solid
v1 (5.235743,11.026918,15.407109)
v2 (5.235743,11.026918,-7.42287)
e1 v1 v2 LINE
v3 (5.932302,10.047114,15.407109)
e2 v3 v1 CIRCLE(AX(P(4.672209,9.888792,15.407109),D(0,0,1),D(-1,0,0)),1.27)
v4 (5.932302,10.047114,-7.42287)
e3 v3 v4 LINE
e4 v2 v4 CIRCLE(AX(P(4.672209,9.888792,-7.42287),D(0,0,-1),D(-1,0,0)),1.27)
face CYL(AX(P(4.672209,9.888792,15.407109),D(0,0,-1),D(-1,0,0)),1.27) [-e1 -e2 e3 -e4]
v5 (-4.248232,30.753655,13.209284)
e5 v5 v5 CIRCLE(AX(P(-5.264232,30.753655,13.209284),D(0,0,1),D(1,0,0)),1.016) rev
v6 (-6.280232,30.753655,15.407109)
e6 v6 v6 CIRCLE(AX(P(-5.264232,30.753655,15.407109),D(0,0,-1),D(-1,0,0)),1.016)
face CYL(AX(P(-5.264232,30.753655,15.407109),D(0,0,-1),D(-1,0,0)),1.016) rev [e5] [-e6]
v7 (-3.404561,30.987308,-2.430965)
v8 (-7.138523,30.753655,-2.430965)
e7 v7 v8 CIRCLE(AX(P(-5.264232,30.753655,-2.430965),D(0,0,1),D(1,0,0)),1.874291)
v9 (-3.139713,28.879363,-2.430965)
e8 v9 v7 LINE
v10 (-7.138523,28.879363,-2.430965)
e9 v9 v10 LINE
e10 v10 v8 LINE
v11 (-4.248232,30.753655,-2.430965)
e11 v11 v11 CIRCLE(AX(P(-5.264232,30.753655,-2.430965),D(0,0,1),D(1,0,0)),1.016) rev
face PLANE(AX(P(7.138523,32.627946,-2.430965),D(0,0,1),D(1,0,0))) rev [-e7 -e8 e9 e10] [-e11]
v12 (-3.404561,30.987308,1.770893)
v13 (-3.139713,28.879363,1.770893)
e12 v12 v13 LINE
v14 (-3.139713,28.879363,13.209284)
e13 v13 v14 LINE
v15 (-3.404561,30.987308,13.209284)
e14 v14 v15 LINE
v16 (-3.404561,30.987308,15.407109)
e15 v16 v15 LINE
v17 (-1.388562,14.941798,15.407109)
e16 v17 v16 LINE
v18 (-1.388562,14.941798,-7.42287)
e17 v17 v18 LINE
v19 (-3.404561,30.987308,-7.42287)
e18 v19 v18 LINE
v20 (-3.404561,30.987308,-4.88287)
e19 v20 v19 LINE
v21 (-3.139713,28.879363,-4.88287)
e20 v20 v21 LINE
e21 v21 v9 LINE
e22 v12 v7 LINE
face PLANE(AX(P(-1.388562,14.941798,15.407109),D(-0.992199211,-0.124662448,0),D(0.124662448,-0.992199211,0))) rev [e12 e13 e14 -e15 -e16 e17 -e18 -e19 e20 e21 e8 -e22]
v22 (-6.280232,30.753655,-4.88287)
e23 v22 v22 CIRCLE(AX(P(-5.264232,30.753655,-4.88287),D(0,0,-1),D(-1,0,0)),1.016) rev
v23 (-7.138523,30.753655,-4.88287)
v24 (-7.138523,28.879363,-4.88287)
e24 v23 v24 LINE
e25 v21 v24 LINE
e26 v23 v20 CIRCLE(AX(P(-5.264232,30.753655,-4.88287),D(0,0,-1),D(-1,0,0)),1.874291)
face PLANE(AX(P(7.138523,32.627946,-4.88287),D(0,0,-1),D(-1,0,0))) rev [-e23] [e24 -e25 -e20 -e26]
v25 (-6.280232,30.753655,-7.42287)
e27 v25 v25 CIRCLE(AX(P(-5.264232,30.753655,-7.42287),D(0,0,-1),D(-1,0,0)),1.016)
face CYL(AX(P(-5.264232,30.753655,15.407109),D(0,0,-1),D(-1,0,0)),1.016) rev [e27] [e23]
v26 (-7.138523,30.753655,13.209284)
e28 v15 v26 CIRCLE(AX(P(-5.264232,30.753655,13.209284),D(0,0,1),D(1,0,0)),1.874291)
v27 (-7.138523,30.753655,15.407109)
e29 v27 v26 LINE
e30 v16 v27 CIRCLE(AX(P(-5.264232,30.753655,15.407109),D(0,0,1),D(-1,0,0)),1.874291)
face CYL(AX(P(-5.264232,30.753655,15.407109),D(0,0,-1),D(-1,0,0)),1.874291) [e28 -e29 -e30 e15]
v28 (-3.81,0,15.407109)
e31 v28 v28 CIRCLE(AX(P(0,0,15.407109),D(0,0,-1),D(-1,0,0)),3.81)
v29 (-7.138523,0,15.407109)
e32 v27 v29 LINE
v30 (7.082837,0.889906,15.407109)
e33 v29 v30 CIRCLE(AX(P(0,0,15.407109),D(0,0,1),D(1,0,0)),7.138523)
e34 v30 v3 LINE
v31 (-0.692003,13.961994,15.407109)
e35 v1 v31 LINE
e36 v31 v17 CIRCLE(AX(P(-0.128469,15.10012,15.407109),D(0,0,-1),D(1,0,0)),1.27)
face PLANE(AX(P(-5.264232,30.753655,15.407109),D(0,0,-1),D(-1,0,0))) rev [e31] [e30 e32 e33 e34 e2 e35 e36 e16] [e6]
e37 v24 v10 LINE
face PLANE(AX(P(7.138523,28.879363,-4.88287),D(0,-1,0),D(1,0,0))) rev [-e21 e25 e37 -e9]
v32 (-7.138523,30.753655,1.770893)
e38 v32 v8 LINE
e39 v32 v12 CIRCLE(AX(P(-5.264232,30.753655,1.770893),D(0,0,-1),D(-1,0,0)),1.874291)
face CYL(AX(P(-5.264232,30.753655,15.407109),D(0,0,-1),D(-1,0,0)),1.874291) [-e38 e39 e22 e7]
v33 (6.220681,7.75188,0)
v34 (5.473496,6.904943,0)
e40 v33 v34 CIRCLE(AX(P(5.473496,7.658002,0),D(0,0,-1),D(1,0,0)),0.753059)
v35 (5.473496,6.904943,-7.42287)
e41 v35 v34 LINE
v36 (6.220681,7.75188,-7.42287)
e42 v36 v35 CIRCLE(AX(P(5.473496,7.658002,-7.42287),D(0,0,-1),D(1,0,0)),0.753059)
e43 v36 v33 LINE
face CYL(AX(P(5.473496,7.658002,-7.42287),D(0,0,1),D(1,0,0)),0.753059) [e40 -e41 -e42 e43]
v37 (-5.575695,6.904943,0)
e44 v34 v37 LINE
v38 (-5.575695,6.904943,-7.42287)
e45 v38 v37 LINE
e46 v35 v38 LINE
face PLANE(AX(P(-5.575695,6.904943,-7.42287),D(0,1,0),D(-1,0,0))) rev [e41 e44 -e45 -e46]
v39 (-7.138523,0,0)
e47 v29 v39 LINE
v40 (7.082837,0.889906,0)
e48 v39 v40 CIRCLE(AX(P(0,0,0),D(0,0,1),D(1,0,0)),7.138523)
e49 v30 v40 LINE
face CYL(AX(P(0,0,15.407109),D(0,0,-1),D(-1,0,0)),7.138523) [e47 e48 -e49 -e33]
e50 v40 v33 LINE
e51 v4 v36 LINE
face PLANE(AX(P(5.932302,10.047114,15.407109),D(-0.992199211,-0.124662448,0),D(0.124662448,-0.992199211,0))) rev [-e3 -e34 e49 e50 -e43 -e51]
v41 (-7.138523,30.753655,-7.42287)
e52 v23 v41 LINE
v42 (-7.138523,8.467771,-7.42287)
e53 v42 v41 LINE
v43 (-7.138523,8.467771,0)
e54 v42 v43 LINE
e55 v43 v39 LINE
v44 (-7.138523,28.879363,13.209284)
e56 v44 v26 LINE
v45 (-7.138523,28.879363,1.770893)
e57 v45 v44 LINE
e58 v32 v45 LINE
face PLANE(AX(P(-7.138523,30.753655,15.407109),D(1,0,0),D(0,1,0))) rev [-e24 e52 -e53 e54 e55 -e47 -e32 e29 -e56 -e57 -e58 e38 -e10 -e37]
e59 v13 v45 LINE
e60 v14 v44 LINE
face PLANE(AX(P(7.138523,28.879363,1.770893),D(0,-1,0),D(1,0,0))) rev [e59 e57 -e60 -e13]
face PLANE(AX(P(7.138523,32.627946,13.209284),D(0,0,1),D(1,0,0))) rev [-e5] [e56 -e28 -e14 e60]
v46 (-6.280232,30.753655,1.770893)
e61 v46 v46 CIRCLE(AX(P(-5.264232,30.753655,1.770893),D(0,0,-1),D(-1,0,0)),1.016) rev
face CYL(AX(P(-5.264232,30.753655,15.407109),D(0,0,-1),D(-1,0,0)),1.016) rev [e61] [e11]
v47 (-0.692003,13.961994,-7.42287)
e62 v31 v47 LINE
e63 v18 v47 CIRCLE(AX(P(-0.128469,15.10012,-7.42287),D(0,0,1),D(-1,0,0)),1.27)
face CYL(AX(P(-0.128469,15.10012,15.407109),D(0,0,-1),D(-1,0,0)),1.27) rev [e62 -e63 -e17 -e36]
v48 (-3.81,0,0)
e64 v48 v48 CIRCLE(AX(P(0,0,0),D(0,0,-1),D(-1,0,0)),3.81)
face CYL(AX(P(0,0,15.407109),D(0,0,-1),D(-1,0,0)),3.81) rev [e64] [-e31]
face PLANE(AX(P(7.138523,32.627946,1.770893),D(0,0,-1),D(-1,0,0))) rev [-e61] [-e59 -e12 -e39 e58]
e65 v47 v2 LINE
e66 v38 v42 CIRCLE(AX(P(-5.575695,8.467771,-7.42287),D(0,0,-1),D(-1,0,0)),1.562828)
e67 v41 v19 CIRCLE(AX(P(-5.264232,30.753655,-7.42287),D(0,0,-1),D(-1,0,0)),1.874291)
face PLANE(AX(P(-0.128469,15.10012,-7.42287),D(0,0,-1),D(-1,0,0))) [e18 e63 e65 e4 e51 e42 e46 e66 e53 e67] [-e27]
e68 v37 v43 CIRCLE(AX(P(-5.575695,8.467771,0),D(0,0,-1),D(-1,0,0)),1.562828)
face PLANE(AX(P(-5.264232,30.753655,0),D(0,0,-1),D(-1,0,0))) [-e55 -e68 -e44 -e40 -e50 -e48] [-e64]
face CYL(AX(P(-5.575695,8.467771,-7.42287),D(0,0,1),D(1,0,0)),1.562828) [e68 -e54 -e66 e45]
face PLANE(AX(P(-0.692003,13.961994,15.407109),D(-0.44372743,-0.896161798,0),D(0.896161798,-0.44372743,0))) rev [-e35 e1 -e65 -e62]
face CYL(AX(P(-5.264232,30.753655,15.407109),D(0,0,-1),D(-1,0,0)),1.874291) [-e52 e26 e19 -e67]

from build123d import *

# Parameters (mm, degrees)
EXTRUDE1_DEPTH = 15.407108717
EXTRUDE2_START = 7.422870335
EXTRUDE2_DEPTH = 7.422870335
SKETCH3_R      = 3.81
EXTRUDE3_DEPTH = 37.782065936
SKETCH4_R      = 1.016
EXTRUDE4_DEPTH = 41.456758632
SKETCH6_W      = 2.451904957
SKETCH6_H      = 3.748582847
SKETCH6_W_2    = 11.438391631
EXTRUDE6_DEPTH = 39.80458612


with BuildPart() as part:
    # Sketch1 → Extrude1 (new body)
    with BuildSketch(Plane.XY):
        with BuildLine():
            Line((-7.138522943, 30.753654662), (-7.138522943, 0))
            ThreePointArc((-7.138522943, 0), (0.445823167, -7.124587813), (7.08283683, 0.889905749))
            Line((7.08283683, 0.889905749), (5.932301807, 10.047113518))
            ThreePointArc((5.932301807, 10.047113518), (5.707297096, 10.62465377), (5.235742646, 11.026917691))
            Line((5.235742646, 11.026917691), (-0.692002916, 13.961994048))
            ThreePointArc((-0.692002916, 13.961994048), (-1.163557366, 14.364257969), (-1.388562077, 14.941798222))
            Line((-1.388562077, 14.941798222), (-3.404561048, 30.987308419))
            ThreePointArc((-3.404561048, 30.987308419), (-5.381286902, 32.624287275), (-7.138522943, 30.753654662))
        make_face()
    extrude(amount=EXTRUDE1_DEPTH)

    # Sketch2 → Extrude2 (add)
    with BuildSketch(Plane(origin=(0, 0, 0), x_dir=(-1, 0, 0), z_dir=(0, 0, -1)).offset(EXTRUDE2_START)):
        with BuildLine():
            Line((1.388562077, 14.941798222), (3.404561048, 30.987308419))
            ThreePointArc((3.404561048, 30.987308419), (5.381286902, 32.624287275), (7.138522943, 30.753654662))
            Line((7.138522943, 30.753654662), (7.138522943, 8.467771223))
            ThreePointArc((7.138522943, 8.467771223), (6.680781174, 7.362684837), (5.575694788, 6.904943069))
            Line((5.575694788, 6.904943069), (-5.473496233, 6.904943069))
            ThreePointArc((-5.473496233, 6.904943069), (-6.038205752, 7.159804295), (-6.220680789, 7.751880259))
            Line((-6.220680789, 7.751880259), (-5.932301807, 10.047113518))
            ThreePointArc((-5.932301807, 10.047113518), (-5.707297096, 10.62465377), (-5.235742646, 11.026917691))
            Line((-5.235742646, 11.026917691), (0.692002916, 13.961994048))
            ThreePointArc((0.692002916, 13.961994048), (1.163557366, 14.364257969), (1.388562077, 14.941798222))
        make_face()
    extrude(amount=-EXTRUDE2_DEPTH)

    # Sketch3 → Extrude3 (cut, through all)
    with BuildSketch(Plane(origin=(0, 0, 0), x_dir=(-1, 0, 0), z_dir=(0, 0, -1))):
        Circle(SKETCH3_R)
    extrude(amount=-EXTRUDE3_DEPTH, mode=Mode.SUBTRACT)

    # Sketch4 → Extrude4 (cut, through all)
    with BuildSketch(Plane(origin=(0, 0, -7.422870335), x_dir=(-1, 0, 0), z_dir=(0, 0, -1))):
        with Locations((5.264231519, 30.753654662)):
            Circle(SKETCH4_R)
    extrude(amount=-EXTRUDE4_DEPTH, mode=Mode.SUBTRACT)

    # Sketch6 → Extrude6 (cut, through all)
    with BuildSketch(Plane.ZY.offset(7.138522943)):
        with Locations((-3.656917857, 30.753654662)):
            Rectangle(SKETCH6_W, SKETCH6_H)
        with Locations((7.490088589, 30.753654662)):
            Rectangle(SKETCH6_W_2, SKETCH6_H)
    extrude(amount=-EXTRUDE6_DEPTH, mode=Mode.SUBTRACT)


solid = part.part
